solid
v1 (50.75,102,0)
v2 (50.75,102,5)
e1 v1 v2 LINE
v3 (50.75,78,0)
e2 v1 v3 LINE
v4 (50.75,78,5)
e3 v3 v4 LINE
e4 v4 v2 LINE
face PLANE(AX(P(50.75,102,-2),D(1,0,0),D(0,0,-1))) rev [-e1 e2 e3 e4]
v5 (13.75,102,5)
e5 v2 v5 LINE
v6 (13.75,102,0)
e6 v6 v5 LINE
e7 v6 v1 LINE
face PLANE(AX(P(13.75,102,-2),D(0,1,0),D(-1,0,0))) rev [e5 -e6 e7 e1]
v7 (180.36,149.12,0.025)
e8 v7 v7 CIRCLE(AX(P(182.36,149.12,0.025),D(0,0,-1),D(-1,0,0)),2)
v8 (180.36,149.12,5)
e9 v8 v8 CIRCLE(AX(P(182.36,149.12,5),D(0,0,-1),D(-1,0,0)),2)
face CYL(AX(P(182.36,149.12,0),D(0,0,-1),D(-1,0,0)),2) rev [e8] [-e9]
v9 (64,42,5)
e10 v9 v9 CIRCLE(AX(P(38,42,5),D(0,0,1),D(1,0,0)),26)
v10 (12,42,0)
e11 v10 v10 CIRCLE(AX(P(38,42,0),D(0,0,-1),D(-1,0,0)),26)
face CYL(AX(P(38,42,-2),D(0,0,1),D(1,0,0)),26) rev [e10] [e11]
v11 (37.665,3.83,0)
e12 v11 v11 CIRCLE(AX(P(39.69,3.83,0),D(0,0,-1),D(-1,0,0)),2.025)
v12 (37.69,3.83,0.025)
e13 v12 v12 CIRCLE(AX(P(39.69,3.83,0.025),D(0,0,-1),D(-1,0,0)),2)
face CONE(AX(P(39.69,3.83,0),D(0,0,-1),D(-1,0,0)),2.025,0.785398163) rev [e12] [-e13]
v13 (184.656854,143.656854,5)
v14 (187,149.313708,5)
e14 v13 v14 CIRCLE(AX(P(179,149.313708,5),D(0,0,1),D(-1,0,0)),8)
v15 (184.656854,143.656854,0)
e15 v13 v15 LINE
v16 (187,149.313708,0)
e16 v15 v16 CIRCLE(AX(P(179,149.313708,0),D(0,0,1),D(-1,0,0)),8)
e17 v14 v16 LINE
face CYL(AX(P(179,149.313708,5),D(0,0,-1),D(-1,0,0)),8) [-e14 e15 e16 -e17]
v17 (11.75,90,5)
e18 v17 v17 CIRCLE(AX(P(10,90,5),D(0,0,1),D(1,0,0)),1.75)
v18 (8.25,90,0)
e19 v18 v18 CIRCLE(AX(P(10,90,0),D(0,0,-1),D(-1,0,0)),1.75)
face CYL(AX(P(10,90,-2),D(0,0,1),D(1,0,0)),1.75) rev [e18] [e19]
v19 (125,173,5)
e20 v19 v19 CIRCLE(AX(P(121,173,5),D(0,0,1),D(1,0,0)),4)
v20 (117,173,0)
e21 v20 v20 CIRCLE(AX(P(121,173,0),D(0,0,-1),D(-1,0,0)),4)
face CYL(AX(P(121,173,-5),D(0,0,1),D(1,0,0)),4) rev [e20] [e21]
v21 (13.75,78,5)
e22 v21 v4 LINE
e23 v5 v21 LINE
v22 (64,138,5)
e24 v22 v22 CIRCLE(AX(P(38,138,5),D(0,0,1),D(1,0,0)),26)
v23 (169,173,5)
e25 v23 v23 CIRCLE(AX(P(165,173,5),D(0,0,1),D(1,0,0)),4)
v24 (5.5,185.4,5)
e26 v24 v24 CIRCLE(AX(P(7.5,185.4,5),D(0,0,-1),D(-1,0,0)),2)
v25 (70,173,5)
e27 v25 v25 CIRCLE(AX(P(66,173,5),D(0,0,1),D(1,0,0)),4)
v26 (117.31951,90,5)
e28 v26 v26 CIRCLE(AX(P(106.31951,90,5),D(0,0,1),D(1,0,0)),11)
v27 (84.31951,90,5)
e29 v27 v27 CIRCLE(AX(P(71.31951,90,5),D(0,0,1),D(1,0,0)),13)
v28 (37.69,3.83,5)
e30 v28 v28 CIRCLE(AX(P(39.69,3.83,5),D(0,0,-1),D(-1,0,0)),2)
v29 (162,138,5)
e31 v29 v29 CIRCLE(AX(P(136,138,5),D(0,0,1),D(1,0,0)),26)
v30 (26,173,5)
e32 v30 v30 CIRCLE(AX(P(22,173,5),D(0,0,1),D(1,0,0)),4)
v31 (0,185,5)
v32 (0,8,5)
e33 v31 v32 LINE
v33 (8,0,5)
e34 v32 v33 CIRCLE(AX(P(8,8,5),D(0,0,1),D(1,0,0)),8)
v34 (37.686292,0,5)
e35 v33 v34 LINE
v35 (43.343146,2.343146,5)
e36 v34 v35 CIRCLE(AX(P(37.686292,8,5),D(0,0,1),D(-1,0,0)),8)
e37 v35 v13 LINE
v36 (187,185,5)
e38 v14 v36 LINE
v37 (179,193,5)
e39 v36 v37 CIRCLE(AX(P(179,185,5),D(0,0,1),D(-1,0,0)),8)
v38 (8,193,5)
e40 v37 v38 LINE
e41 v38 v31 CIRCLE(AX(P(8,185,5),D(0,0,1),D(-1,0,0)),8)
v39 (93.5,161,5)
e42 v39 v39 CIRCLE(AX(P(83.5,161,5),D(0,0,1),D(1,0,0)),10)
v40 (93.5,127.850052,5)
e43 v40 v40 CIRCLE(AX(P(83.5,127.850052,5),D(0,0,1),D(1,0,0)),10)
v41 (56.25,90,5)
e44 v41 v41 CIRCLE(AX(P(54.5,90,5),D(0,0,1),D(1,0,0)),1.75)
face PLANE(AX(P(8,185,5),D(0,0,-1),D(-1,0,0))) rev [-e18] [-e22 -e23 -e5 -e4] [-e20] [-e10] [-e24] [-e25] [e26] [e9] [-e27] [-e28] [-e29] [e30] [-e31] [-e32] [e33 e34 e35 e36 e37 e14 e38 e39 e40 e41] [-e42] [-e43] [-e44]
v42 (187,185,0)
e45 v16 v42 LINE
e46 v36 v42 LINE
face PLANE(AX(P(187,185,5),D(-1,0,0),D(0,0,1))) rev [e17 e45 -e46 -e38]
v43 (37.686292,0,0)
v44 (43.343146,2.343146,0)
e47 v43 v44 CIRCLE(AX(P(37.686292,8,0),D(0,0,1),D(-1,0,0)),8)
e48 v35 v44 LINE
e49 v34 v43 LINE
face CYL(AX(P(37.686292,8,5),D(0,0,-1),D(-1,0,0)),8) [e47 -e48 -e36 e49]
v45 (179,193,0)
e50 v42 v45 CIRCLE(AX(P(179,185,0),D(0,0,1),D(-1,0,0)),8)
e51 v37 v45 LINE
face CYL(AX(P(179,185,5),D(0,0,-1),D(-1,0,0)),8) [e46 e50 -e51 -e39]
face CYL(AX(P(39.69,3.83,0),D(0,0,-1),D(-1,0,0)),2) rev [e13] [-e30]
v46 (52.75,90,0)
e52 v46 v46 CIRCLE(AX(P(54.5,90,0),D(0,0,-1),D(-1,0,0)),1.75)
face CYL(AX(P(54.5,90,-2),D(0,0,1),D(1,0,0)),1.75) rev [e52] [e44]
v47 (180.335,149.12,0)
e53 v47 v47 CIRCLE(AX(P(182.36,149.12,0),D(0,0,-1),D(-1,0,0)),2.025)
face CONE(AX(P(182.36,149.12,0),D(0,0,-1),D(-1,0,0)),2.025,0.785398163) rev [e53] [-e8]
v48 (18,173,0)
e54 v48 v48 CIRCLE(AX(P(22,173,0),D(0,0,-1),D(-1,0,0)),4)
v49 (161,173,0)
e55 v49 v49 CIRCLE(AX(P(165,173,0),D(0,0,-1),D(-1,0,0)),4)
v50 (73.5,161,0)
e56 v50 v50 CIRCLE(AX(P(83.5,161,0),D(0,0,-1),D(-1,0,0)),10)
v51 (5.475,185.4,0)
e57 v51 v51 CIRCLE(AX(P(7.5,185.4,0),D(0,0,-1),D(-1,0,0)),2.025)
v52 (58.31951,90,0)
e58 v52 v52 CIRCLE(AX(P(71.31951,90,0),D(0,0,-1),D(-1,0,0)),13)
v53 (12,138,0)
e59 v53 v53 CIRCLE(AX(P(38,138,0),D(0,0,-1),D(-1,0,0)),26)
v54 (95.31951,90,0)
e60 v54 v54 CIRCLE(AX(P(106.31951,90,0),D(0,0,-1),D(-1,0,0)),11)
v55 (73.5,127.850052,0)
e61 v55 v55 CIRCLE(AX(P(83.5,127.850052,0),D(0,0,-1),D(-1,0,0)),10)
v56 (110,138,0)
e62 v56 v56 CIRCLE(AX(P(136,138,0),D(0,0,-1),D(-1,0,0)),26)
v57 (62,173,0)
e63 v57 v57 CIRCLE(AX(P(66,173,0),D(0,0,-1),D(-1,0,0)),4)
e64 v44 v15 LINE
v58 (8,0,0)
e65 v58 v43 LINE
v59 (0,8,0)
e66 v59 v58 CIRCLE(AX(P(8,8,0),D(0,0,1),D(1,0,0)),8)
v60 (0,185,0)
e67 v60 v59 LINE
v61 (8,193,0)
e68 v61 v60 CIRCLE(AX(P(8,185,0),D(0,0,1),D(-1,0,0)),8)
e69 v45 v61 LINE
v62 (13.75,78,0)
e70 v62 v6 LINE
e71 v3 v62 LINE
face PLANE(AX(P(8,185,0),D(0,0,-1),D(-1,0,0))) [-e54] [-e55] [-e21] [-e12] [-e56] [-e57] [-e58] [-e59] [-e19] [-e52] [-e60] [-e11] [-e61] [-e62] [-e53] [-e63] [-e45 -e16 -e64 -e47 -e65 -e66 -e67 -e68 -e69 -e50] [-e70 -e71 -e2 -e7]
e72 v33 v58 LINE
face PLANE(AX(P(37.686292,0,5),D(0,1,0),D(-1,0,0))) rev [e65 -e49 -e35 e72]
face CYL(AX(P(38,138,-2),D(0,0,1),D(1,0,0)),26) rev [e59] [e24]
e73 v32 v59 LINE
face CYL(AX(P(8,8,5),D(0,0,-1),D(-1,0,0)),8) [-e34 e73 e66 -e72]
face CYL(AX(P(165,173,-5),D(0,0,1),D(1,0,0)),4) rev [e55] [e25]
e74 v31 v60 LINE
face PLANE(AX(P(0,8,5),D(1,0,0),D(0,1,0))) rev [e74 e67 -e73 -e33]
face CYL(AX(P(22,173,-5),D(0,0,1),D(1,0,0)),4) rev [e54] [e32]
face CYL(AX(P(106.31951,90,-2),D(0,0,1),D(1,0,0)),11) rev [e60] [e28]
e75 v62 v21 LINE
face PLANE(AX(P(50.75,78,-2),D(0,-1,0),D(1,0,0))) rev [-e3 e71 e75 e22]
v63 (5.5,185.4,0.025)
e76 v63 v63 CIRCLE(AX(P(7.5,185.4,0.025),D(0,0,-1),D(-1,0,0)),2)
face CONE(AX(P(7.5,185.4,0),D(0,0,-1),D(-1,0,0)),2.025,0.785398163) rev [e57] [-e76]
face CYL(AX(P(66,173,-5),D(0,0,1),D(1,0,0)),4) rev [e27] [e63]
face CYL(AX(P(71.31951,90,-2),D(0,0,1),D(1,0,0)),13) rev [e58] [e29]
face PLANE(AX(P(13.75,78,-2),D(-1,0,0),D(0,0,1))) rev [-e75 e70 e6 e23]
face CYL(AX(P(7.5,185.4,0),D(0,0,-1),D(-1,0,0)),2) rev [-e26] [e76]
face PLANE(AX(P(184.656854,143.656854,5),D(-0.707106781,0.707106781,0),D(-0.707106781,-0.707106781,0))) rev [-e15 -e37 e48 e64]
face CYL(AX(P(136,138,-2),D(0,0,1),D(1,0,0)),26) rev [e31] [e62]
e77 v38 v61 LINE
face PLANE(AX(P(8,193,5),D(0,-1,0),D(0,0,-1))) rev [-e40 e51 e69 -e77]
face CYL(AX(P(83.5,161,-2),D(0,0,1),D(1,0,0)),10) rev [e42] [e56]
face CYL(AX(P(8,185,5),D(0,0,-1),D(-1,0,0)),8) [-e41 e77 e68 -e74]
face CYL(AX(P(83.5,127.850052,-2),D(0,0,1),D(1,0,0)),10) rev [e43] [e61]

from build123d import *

# Parameters (mm, degrees)
ESTRUSIONE_ESTRUSIONE1_DEPTH    = 5
SCHIZZO5_R                      = 1.75
SCHIZZO5_R_2                    = 10
SCHIZZO5_R_3                    = 11
SCHIZZO5_R_4                    = 13
SCHIZZO5_R_5                    = 26
SCHIZZO5_W                      = 37
SCHIZZO5_H                      = 24
TAGLIO_ESTRUSIONE2_DEPTH        = 7
SCHIZZO6_R                      = 4
TAGLIO_ESTRUSIONE3_DEPTH        = 10
FORI_ALESATO_4_0MM1_D           = 4
FORI_ALESATO_4_0MM1_DEPTH       = 40.6
FORI_ALESATO_4_0MM1_CSINK_D     = 4.05
FORI_ALESATO_4_0MM1_CSINK_ANGLE = 90
FORI_ALESATO_4_0MM1_TIP         = 1.201721238


with BuildPart() as part:
    # Schizzo1 → Estrusione-Estrusione1 (new body)
    with BuildSketch(Plane.XY):
        with BuildLine():
            Line((0, 8), (0, 185))
            ThreePointArc((0, 185), (2.343145751, 190.656854249), (8, 193))
            Line((8, 193), (179, 193))
            ThreePointArc((179, 193), (184.656854249, 190.656854249), (187, 185))
            Line((187, 185), (187, 149.313708499))
            ThreePointArc((187, 149.313708499), (186.39103626, 146.25224104), (184.656854249, 143.656854249))
            Line((184.656854249, 143.656854249), (43.343145751, 2.343145751))
            ThreePointArc((43.343145751, 2.343145751), (40.74775896, 0.60896374), (37.686291501, 0))
            Line((37.686291501, 0), (8, 0))
            ThreePointArc((8, 0), (2.343145751, 2.343145751), (0, 8))
        make_face()
    extrude(amount=ESTRUSIONE_ESTRUSIONE1_DEPTH)

    # Schizzo5 → Taglio-Estrusione2 (cut)
    with BuildSketch(Plane.XY.offset(5)):
        with Locations((10, 90)):
            Circle(SCHIZZO5_R)
        with Locations((54.5, 90)):
            Circle(SCHIZZO5_R)
        with Locations((83.5, 161)):
            Circle(SCHIZZO5_R_2)
        with Locations((106.319509986, 90)):
            Circle(SCHIZZO5_R_3)
        with Locations((71.319509986, 90)):
            Circle(SCHIZZO5_R_4)
        with Locations((38, 138)):
            Circle(SCHIZZO5_R_5)
        with Locations((136, 138)):
            Circle(SCHIZZO5_R_5)
        with Locations((38, 42)):
            Circle(SCHIZZO5_R_5)
        with Locations((83.5, 127.850051573)):
            Circle(SCHIZZO5_R_2)
        with Locations((32.25, 90)):
            Rectangle(SCHIZZO5_W, SCHIZZO5_H)
    extrude(amount=-TAGLIO_ESTRUSIONE2_DEPTH, mode=Mode.SUBTRACT)

    # Schizzo6 → Taglio-Estrusione3 (cut)
    with BuildSketch(Plane.XY.offset(5)):
        with Locations((22, 173)):
            Circle(SCHIZZO6_R)
        with Locations((66, 173)):
            Circle(SCHIZZO6_R)
        with Locations((121, 173)):
            Circle(SCHIZZO6_R)
        with Locations((165, 173)):
            Circle(SCHIZZO6_R)
    extrude(amount=-TAGLIO_ESTRUSIONE3_DEPTH, mode=Mode.SUBTRACT)

    # Fori Alesato Ø4.0mm1
    with Locations(Plane(origin=(0, 0, 0), x_dir=(-1, 0, 0), z_dir=(0, 0, -1))):
        with Locations((-182.36, 149.12), (-7.5, 185.4), (-39.69, 3.83)):
            CounterSinkHole(FORI_ALESATO_4_0MM1_D / 2, FORI_ALESATO_4_0MM1_CSINK_D / 2, depth=FORI_ALESATO_4_0MM1_DEPTH, counter_sink_angle=FORI_ALESATO_4_0MM1_CSINK_ANGLE)
            with Locations((0, 0, -(FORI_ALESATO_4_0MM1_DEPTH + FORI_ALESATO_4_0MM1_TIP / 2))):  # 118° drill point
                Cone(0, FORI_ALESATO_4_0MM1_D / 2, FORI_ALESATO_4_0MM1_TIP, mode=Mode.SUBTRACT)


solid = part.part
